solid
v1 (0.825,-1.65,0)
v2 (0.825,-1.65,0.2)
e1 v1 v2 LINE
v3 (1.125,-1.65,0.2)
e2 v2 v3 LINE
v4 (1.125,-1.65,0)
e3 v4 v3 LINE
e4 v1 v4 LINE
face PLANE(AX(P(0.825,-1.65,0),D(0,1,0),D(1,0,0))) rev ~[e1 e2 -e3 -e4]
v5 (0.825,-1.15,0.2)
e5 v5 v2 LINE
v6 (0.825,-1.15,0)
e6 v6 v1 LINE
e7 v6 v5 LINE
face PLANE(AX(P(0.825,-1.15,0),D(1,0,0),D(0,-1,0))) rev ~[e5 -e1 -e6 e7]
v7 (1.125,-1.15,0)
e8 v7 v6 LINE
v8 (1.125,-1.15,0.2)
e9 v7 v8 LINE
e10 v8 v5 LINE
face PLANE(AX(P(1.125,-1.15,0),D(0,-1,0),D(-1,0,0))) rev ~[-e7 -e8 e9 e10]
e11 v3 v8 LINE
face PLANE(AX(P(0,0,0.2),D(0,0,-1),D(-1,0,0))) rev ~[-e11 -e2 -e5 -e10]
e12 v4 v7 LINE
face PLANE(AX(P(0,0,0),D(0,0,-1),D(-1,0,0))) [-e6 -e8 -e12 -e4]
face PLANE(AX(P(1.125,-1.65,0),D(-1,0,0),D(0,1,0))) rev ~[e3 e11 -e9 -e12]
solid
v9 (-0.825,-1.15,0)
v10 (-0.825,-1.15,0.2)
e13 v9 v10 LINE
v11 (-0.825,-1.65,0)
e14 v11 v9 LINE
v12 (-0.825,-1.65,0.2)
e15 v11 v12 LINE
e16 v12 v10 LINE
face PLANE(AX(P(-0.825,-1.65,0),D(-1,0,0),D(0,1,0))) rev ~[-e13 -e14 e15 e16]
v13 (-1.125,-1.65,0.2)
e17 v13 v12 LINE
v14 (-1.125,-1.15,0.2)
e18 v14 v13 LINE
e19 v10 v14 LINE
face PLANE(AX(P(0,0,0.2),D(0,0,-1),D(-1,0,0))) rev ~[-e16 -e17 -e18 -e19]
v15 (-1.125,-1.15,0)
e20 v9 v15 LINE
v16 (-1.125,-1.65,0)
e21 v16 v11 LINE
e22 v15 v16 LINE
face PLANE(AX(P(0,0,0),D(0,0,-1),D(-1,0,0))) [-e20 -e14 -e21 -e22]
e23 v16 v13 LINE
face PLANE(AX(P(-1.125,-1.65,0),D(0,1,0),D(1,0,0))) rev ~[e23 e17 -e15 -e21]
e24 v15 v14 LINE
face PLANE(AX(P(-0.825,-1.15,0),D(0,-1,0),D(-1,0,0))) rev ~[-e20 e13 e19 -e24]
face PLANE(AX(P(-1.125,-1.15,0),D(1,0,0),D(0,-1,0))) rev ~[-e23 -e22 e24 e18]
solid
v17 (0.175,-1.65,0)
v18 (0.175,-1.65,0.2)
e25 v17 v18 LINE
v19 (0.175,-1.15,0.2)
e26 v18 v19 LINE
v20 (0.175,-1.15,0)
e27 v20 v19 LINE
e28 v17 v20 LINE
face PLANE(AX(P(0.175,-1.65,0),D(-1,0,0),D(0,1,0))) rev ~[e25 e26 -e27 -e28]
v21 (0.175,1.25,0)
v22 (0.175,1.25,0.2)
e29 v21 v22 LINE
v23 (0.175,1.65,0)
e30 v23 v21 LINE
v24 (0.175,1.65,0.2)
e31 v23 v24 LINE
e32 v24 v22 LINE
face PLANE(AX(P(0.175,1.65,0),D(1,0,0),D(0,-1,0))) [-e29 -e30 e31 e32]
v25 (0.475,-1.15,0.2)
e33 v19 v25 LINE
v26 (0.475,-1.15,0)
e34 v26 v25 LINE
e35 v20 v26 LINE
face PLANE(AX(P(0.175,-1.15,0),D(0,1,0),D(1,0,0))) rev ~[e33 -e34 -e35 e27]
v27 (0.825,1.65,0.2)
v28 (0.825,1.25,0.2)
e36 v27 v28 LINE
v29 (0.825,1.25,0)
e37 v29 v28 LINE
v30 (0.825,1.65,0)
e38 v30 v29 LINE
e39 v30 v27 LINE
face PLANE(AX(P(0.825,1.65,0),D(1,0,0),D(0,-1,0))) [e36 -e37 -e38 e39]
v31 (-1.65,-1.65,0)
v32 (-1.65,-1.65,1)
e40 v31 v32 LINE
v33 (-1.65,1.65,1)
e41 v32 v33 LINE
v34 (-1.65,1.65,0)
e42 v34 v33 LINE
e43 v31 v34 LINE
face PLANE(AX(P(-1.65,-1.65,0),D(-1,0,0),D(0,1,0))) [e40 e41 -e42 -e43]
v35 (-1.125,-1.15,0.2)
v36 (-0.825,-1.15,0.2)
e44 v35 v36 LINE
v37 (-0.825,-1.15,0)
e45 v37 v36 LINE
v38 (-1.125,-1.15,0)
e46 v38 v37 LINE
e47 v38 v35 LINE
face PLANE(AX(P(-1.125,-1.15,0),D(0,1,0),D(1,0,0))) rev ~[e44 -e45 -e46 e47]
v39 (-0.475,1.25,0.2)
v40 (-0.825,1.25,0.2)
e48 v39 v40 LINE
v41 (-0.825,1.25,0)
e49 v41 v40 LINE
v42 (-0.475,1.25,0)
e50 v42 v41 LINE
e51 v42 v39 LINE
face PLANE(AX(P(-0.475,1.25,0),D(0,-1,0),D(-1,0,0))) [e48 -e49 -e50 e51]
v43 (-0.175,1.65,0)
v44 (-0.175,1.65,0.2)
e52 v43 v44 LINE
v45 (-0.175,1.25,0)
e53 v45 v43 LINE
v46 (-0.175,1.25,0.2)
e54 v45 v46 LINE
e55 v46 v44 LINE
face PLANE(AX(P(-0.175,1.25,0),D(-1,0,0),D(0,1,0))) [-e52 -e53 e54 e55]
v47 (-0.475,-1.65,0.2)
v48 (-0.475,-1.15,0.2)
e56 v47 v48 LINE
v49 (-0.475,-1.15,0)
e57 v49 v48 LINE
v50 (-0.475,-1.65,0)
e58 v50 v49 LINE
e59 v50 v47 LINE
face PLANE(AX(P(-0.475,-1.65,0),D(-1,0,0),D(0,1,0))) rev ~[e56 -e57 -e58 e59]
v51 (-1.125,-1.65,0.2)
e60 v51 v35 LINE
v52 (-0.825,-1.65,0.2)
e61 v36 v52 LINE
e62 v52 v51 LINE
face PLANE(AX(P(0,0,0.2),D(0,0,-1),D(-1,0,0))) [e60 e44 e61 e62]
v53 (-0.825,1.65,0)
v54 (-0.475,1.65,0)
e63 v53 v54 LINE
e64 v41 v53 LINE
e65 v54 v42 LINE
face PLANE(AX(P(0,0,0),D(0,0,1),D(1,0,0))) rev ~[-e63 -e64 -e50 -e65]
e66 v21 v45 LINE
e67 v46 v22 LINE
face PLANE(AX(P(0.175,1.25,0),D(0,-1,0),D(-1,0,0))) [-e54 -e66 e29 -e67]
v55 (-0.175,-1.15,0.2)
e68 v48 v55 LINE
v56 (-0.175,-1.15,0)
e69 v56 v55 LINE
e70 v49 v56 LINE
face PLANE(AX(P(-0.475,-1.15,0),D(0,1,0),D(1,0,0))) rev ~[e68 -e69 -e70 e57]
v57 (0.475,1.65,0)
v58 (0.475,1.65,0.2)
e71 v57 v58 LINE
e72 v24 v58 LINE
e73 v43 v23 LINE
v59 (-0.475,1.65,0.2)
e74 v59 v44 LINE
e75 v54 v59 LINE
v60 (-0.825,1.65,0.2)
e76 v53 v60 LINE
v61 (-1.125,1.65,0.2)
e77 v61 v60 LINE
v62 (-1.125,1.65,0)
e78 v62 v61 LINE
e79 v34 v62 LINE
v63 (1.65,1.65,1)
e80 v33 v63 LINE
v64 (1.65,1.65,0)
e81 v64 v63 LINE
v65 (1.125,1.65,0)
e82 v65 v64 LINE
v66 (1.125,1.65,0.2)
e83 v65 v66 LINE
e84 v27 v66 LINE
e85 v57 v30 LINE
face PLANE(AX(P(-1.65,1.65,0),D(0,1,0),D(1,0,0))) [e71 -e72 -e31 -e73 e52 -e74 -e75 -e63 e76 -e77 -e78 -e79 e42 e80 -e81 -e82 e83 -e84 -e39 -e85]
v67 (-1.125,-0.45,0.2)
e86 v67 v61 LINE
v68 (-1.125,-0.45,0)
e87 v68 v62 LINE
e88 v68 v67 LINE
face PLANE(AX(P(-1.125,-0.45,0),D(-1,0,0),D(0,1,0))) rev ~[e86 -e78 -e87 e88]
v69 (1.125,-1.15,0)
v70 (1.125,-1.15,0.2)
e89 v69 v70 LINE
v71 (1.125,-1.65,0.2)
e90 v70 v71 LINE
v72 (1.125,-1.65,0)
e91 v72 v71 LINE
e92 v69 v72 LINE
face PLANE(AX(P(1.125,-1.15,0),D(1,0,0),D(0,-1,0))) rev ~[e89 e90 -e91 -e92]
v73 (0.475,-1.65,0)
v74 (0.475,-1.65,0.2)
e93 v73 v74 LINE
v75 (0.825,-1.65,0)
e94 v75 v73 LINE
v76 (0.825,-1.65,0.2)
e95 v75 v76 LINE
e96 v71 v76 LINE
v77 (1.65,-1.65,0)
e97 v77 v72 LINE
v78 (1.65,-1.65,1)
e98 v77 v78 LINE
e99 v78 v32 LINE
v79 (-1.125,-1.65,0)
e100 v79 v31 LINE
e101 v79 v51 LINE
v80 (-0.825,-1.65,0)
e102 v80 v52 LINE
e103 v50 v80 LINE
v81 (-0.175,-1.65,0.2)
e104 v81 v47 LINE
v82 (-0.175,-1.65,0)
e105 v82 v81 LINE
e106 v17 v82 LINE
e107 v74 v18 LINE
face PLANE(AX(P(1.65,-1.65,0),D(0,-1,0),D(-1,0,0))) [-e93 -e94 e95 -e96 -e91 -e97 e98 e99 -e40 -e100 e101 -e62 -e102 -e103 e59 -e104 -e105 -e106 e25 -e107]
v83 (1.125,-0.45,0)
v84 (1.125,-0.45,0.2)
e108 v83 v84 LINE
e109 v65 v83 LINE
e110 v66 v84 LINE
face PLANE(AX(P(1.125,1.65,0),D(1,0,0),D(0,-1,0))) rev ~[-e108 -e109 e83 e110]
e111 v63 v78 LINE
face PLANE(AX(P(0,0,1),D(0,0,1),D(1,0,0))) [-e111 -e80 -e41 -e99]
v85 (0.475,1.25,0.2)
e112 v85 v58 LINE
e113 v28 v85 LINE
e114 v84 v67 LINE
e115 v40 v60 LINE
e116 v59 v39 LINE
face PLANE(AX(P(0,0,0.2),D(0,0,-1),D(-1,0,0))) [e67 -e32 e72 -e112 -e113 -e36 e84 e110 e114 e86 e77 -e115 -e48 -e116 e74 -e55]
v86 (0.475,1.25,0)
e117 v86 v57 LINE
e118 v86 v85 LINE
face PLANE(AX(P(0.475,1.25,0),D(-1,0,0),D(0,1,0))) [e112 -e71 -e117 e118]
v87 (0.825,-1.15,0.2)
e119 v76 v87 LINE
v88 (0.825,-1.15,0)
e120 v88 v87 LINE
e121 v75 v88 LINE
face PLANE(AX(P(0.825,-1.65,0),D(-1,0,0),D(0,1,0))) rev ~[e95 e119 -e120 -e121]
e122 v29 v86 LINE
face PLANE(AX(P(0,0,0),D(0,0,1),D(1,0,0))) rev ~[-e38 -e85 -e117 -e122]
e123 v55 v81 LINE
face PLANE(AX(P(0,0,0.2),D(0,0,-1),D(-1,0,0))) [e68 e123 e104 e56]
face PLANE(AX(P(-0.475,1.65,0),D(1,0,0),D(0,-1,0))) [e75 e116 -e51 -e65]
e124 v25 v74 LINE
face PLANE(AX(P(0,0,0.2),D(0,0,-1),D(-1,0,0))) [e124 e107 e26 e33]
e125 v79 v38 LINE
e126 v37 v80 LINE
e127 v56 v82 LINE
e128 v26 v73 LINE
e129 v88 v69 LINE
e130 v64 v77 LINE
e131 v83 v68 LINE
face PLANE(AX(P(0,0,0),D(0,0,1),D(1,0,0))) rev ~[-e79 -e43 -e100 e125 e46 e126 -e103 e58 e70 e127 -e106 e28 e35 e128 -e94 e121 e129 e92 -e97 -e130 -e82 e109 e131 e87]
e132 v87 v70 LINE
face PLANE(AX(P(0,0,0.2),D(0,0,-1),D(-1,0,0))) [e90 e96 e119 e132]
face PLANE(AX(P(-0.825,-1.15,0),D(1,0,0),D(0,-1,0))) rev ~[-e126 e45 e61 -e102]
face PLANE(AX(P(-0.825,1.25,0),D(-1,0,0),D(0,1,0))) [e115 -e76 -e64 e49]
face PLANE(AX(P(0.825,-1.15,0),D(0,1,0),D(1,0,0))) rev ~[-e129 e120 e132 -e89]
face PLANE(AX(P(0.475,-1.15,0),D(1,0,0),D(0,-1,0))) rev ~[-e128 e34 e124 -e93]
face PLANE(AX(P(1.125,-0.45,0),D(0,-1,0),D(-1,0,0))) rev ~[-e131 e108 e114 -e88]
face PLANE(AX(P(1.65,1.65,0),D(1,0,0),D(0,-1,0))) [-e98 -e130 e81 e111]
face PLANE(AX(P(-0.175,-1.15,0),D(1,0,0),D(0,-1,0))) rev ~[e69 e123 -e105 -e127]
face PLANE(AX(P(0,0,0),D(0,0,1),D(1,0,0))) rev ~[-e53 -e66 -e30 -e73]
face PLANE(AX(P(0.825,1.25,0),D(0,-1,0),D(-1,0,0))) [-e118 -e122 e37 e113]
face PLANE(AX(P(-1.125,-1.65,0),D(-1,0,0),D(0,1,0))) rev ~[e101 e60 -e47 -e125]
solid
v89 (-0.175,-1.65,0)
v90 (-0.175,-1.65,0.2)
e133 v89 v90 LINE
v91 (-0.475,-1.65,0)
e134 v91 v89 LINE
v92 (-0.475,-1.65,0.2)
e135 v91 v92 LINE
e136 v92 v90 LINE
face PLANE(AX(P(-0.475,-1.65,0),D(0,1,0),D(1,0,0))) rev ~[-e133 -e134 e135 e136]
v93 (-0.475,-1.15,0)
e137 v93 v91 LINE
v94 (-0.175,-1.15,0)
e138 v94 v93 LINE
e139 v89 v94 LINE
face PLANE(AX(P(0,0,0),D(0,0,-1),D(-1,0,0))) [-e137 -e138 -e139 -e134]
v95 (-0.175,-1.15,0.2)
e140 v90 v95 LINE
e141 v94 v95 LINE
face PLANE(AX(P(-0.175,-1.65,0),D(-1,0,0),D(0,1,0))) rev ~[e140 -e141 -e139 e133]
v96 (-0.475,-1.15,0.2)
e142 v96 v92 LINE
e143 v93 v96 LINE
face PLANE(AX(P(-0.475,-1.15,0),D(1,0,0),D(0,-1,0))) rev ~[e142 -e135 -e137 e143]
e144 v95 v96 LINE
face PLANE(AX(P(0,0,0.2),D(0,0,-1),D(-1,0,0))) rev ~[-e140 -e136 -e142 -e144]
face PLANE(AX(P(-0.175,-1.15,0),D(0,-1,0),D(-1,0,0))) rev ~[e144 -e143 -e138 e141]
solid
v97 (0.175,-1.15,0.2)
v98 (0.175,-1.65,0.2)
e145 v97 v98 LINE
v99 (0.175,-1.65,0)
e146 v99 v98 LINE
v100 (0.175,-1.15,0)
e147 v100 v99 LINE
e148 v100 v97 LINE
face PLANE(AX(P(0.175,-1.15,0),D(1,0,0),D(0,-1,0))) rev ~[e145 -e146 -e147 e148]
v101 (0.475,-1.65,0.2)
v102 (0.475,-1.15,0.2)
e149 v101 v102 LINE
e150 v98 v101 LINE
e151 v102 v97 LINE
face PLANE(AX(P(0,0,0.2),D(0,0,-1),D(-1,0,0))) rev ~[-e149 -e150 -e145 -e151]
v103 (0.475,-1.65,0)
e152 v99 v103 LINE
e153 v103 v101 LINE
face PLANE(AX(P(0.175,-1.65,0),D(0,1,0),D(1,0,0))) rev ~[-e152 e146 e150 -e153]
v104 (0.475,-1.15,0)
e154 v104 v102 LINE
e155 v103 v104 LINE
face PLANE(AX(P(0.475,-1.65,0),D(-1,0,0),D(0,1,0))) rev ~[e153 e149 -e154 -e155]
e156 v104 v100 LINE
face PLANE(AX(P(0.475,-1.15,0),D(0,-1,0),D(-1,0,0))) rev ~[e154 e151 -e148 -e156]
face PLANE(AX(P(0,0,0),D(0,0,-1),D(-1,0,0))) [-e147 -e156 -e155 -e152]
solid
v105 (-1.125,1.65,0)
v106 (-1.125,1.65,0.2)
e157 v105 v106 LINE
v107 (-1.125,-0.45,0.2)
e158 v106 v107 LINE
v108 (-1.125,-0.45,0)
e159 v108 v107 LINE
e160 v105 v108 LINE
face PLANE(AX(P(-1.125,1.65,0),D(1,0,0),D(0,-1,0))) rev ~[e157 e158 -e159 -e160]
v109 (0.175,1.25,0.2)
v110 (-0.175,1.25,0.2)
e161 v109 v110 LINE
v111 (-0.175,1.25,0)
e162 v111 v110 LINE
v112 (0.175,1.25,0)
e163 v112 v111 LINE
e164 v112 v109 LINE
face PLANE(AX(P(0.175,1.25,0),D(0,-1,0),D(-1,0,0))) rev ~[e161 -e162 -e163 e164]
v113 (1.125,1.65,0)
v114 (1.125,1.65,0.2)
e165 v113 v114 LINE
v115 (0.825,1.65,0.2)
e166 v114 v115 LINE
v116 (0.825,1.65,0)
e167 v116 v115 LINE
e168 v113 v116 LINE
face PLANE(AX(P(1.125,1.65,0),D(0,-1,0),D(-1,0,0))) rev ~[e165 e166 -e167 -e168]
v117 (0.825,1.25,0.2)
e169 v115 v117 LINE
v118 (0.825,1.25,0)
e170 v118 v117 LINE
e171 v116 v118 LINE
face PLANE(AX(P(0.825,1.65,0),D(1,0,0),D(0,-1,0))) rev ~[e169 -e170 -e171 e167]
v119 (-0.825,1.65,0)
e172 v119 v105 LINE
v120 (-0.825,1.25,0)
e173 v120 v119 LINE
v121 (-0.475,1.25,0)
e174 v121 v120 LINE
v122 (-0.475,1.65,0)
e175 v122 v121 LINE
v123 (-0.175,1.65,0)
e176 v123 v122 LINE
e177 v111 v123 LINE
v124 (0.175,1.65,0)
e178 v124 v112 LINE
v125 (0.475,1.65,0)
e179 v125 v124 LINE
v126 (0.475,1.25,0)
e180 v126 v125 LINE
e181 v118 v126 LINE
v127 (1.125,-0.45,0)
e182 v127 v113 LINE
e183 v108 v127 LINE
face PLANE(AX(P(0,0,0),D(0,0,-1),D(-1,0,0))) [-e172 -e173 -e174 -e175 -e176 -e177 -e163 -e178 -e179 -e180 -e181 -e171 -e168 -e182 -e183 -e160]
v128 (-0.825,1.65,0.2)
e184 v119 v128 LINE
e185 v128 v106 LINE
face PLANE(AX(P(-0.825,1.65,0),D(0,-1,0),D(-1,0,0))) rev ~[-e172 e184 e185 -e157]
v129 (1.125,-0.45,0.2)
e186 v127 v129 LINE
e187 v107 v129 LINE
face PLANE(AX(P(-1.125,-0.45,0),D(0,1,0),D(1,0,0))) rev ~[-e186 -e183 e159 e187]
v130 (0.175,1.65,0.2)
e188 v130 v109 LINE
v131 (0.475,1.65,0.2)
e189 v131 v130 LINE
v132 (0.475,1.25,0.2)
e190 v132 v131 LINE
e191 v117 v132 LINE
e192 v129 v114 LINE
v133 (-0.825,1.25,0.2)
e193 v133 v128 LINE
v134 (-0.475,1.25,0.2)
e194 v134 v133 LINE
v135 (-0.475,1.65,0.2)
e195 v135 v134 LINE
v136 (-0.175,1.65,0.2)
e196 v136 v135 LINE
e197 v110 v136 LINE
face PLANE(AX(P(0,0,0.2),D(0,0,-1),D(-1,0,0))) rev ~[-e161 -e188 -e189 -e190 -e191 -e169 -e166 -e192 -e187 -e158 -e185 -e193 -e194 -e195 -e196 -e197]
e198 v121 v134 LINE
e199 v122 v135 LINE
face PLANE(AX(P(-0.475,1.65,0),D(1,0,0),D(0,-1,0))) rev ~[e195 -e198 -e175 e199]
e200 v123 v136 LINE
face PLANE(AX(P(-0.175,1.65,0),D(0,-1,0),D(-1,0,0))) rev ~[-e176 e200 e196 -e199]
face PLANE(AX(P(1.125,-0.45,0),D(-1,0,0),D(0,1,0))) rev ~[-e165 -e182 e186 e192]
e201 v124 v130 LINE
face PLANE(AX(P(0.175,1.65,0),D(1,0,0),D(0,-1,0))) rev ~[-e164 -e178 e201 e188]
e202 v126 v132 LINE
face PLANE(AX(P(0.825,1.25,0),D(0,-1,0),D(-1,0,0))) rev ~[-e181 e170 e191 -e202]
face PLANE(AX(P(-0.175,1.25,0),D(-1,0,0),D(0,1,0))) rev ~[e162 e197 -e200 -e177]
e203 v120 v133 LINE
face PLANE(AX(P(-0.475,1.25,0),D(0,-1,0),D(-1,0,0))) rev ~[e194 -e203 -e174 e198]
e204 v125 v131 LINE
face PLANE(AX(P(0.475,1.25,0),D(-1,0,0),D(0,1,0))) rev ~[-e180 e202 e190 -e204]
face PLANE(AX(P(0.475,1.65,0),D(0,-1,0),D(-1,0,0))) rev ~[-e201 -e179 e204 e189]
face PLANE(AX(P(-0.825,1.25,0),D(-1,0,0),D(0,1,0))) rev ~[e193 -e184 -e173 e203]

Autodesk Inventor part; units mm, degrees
ref_plane "YZ Plane" through (0, 0, 0) normal (1, 0, 0) x (0, 1, 0)
ref_plane "XZ Plane" through (0, 0, 0) normal (0, 1, 0) x (-1, 0, 0)
ref_plane "XY Plane" through (0, 0, 0) normal (0, 0, 1) x (1, 0, 0)
sketch "Sketch1" plane through (0, 0, 0) normal (0, 0, 1) x (1, 0, 0)
  line L0 (1.65, -1.65) -> (-1.65, -1.65)
  line L1 (-1.65, -1.65) -> (-1.65, 1.65)
  line L2 (-1.65, 1.65) -> (1.65, 1.65)
  line L3 (1.65, 1.65) -> (1.65, -1.65)
  line L4 (1.65, -1.65) -> (-1.65, 1.65) construction
  line L5 (-1.65, -1.65) -> (1.65, 1.65) construction
  point P0 (0, 0)
  dimension "d0" = 3.3
  dimension "d1" = 3.3
extrude "Extrusion1" add sketch "Sketch1" along normal blind 1
sketch "Sketch2" plane through (0, 0, 0) normal (0, 0, -1) x (-1, 0, 0)
  line L0 (-1.65, -1.65) -> (1.65, -1.65) projected
  line L1 (1.65, -1.65) -> (1.65, 1.65) projected
  line L2 (1.65, 1.65) -> (-1.65, 1.65) projected
  line L3 (-1.65, 1.65) -> (-1.65, -1.65) projected
  line L4 (-1.125, -1.65) -> (-0.825, -1.65)
  line L5 (-0.825, -1.65) -> (-0.825, -1.15)
  line L6 (-0.825, -1.15) -> (-1.125, -1.15)
  line L7 (-1.125, -1.15) -> (-1.125, -1.65)
  line L8 (1.65, -1.65) -> (-1.65, -1.65) projected
  line L9 (-0.475, -1.65) -> (-0.175, -1.65)
  line L10 (-0.175, -1.65) -> (-0.175, -1.15)
  line L11 (-0.175, -1.15) -> (-0.475, -1.15)
  line L12 (-0.475, -1.15) -> (-0.475, -1.65)
  line L13 (0.175, -1.65) -> (0.475, -1.65)
  line L14 (0.475, -1.65) -> (0.475, -1.15)
  line L15 (0.475, -1.15) -> (0.175, -1.15)
  line L16 (0.175, -1.15) -> (0.175, -1.65)
  line L17 (0.825, -1.65) -> (1.125, -1.65)
  line L18 (1.125, -1.65) -> (1.125, -1.15)
  line L19 (1.125, -1.15) -> (0.825, -1.15)
  line L20 (0.825, -1.15) -> (0.825, -1.65)
  line L21 (1.125, 1.65) -> (-1.125, 1.65)
  line L22 (-1.125, 1.65) -> (-1.125, -0.45)
  line L23 (-1.125, -0.45) -> (1.125, -0.45)
  line L24 (1.125, -0.45) -> (1.125, 1.65)
  line L25 (0.825, 1.65) -> (0.475, 1.65)
  line L26 (0.475, 1.65) -> (0.475, 1.25)
  line L27 (0.475, 1.25) -> (0.825, 1.25)
  line L28 (0.825, 1.25) -> (0.825, 1.65)
  line L29 (0.175, 1.65) -> (-0.175, 1.65)
  line L30 (-0.175, 1.65) -> (-0.175, 1.25)
  line L31 (-0.175, 1.25) -> (0.175, 1.25)
  line L32 (0.175, 1.25) -> (0.175, 1.65)
  line L33 (-1.65, 1.65) -> (1.65, 1.65) projected
  line L34 (-0.475, 1.65) -> (-0.825, 1.65)
  line L35 (-0.825, 1.65) -> (-0.825, 1.25)
  line L36 (-0.825, 1.25) -> (-0.475, 1.25)
  line L37 (-0.475, 1.25) -> (-0.475, 1.65)
  line L38 (0, 1.65) -> (0, 1.25)
  point P0 (0, 0)
  dimension "d4" = 1.7
  dimension "d5" = 0.7
  dimension "d6" = 0.4
  dimension "d7" = 0.3
  dimension "d8" = 0.3
  dimension "d9" = 0.3
  dimension "d10" = 0.3
  dimension "d11" = 0.3
  dimension "d12" = 0.3
  dimension "d13" = 0.3
  dimension "d14" = 0.3
  dimension "d15" = 0.65
  dimension "d16" = 0.65
  dimension "d17" = 0.65
  dimension "d18" = 0.65
  dimension "d19" = 0.65
extrude "Extrusion2" cut sketch "Sketch2" against normal blind 0.2 contours L7 L6 L5 L0 | L2 L35 L36 L37 L30 L31 L32 L26 L27 L28 L24 L23 L22 | L12 L11 L10 L0 | L16 L15 L14 L0 | L20 L19 L18 L0
sketch "Sketch3" plane through (0, 0, 0) normal (0, 0, -1) x (-1, 0, 0)
  line L0 (0.175, 1.25) -> (0.175, 1.65) projected
  line L1 (-0.175, 1.25) -> (0.175, 1.25) projected
  line L2 (-0.175, 1.65) -> (-0.175, 1.25) projected
  line L3 (-0.475, 1.65) -> (-0.175, 1.65) projected
  line L4 (-0.475, 1.25) -> (-0.475, 1.65) projected
  line L5 (-0.825, 1.25) -> (-0.475, 1.25) projected
  line L6 (-0.825, 1.65) -> (-0.825, 1.25) projected
  line L7 (-1.125, 1.65) -> (-0.825, 1.65) projected
  line L8 (-1.125, -0.45) -> (-1.125, 1.65) projected
  line L9 (1.125, -0.45) -> (-1.125, -0.45) projected
  line L10 (1.125, 1.65) -> (1.125, -0.45) projected
  line L11 (0.825, 1.65) -> (1.125, 1.65) projected
  line L12 (0.825, 1.25) -> (0.825, 1.65) projected
  line L13 (0.475, 1.25) -> (0.825, 1.25) projected
  line L14 (0.475, 1.65) -> (0.475, 1.25) projected
  line L15 (0.175, 1.65) -> (0.475, 1.65) projected
  line L16 (-0.825, -1.65) -> (-1.125, -1.65) projected
  line L17 (-0.825, -1.15) -> (-0.825, -1.65) projected
  line L18 (-1.125, -1.15) -> (-0.825, -1.15) projected
  line L19 (-1.125, -1.65) -> (-1.125, -1.15) projected
  line L20 (-0.175, -1.65) -> (-0.475, -1.65) projected
  line L21 (-0.175, -1.15) -> (-0.175, -1.65) projected
  line L22 (-0.475, -1.15) -> (-0.175, -1.15) projected
  line L23 (-0.475, -1.65) -> (-0.475, -1.15) projected
  line L24 (0.475, -1.65) -> (0.175, -1.65) projected
  line L25 (0.475, -1.15) -> (0.475, -1.65) projected
  line L26 (0.175, -1.15) -> (0.475, -1.15) projected
  line L27 (0.175, -1.65) -> (0.175, -1.15) projected
  line L28 (1.125, -1.65) -> (0.825, -1.65) projected
  line L29 (1.125, -1.15) -> (1.125, -1.65) projected
  line L30 (0.825, -1.15) -> (1.125, -1.15) projected
  line L31 (0.825, -1.65) -> (0.825, -1.15) projected
  point P0 (0, 0)
extrude "Extrusion3" add sketch "Sketch3" against normal blind 0.2 separate body
properties part number "S3O8" material "ABS Plastic"
